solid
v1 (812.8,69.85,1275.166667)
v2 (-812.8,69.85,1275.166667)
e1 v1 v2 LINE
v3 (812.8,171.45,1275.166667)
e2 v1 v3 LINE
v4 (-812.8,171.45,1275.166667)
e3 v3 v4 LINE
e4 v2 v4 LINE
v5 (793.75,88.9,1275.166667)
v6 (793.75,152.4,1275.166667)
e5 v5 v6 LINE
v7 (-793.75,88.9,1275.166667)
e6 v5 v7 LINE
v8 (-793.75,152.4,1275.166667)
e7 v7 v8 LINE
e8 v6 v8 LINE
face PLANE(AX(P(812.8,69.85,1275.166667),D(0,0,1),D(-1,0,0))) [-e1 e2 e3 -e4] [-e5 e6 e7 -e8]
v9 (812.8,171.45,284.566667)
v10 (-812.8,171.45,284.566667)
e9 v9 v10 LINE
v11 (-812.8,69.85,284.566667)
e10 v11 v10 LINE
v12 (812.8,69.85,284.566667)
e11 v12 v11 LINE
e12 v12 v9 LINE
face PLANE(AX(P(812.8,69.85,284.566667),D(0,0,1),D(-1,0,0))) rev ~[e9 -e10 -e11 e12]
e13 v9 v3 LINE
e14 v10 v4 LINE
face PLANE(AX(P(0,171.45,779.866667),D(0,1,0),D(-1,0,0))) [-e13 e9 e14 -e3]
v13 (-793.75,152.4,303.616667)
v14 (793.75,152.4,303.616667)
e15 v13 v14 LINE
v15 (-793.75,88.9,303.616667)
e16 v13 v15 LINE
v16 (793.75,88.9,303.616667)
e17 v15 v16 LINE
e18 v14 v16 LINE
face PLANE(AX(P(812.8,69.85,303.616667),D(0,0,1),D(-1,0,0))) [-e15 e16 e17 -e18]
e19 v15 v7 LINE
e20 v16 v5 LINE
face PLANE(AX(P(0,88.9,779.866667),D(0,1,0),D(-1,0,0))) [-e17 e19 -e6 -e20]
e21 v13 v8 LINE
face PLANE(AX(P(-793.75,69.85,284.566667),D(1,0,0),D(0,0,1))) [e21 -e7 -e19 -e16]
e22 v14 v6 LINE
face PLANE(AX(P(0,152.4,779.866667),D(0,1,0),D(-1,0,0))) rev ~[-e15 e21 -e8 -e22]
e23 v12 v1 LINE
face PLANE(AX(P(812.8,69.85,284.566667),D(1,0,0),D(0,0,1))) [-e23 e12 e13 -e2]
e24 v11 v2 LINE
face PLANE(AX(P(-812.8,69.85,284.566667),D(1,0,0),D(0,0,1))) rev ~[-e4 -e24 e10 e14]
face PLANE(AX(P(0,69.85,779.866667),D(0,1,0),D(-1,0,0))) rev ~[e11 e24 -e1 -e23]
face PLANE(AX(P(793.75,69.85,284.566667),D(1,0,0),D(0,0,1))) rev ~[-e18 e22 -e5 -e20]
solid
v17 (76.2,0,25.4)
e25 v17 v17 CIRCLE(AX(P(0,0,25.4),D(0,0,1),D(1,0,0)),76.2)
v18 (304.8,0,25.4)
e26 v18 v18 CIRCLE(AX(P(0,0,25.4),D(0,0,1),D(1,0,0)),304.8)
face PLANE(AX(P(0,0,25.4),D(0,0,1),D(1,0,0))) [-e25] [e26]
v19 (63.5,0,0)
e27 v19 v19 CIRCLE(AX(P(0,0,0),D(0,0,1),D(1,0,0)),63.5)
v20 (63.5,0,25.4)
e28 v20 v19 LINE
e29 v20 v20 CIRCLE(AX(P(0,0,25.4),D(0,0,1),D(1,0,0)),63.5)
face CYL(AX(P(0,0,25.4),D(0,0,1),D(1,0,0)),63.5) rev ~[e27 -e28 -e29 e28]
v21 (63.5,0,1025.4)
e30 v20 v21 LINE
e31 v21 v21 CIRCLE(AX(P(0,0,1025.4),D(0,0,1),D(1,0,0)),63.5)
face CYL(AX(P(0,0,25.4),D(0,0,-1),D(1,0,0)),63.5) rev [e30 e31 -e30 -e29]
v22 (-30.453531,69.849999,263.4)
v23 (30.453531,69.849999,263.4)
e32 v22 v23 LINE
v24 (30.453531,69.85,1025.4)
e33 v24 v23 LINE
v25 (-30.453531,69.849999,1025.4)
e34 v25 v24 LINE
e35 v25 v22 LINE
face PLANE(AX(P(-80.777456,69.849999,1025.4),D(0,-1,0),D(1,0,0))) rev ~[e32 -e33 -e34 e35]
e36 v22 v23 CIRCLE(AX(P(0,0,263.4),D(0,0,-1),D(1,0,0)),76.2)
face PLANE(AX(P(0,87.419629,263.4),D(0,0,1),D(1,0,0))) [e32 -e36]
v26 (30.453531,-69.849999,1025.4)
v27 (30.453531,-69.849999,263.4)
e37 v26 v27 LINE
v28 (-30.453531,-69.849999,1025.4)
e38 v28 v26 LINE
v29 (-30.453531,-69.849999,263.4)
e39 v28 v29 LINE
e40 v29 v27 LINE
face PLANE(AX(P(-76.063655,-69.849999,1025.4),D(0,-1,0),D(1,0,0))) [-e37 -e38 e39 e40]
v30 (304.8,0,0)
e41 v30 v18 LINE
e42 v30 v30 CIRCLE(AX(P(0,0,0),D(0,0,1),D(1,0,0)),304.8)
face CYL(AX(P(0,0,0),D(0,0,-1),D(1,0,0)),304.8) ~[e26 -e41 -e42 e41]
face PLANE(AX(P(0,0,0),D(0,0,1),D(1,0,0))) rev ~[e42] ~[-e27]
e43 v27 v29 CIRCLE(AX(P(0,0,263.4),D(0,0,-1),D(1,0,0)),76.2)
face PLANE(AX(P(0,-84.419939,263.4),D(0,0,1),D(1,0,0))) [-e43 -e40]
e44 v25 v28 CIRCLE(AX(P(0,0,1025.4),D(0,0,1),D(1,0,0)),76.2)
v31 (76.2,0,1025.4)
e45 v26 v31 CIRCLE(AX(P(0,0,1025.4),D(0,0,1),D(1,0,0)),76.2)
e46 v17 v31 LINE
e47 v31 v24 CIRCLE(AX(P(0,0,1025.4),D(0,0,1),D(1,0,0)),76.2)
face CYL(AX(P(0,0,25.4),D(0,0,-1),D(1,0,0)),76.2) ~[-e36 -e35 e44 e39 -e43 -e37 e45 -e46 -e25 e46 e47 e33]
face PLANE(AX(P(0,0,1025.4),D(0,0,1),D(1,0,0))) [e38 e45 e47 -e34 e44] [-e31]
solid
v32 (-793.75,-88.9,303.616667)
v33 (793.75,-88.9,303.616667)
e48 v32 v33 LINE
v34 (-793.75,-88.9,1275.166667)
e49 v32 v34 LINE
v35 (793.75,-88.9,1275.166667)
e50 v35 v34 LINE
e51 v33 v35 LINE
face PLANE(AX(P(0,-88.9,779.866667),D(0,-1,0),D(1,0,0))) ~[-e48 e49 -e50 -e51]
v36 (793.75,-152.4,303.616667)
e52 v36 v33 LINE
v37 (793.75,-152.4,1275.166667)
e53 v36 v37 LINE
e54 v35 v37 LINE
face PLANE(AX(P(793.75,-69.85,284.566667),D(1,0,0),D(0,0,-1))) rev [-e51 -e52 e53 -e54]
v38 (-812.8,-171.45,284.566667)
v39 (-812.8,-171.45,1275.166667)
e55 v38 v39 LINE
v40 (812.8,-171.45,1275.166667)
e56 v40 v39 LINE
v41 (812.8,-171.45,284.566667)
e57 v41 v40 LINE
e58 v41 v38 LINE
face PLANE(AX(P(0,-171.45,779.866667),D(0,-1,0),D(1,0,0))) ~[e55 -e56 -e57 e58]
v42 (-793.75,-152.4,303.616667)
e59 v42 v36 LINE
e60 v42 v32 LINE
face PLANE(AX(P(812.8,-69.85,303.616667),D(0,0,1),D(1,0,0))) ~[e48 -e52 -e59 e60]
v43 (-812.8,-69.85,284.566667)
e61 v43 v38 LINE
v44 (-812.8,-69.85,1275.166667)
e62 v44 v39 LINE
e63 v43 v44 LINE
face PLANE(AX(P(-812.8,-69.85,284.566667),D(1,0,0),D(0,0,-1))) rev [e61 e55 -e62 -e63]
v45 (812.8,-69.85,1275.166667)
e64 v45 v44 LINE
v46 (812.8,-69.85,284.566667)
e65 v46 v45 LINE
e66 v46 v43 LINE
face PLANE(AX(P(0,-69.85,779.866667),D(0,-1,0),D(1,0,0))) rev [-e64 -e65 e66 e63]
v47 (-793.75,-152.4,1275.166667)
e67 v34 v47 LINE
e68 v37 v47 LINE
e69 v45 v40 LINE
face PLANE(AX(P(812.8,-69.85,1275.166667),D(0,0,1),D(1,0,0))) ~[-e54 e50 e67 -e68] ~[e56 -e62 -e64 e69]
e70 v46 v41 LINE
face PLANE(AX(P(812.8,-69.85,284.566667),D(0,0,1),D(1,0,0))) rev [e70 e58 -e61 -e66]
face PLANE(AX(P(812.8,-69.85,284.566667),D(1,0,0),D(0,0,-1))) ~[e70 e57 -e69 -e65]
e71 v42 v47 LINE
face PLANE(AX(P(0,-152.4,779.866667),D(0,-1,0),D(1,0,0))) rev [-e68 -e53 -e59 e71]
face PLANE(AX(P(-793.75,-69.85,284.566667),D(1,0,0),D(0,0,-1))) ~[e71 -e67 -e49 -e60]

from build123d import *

# Parameters (mm, degrees)
F0_R      = 304.8
F1_DEPTH  = 25.4
F2_R      = 76.2
F2_R_2    = 63.5
F3_DEPTH  = 1000
F3_FACE_R = 63.5
F4_DEPTH  = 25.4
F5_W      = 152.12731
F5_H      = 29.139879
F5_W_2    = 161.554912
F5_H_2    = 35.139259
F6_DEPTH  = 762
F7_W      = 1625.6
F7_H      = 990.6
F8_DEPTH  = 101.6
F9_T      = -19.05


with BuildPart() as f1:
    # F0 (on Top) → F1 (new body)
    with BuildSketch(Plane.XY):
        Circle(F0_R)
    extrude(amount=F1_DEPTH)

    # F2 (on face) → F3 (join)
    with BuildSketch(Plane.XY.offset(25.4)):
        Circle(F2_R)
        Circle(F2_R_2, mode=Mode.SUBTRACT)
    extrude(amount=F3_DEPTH)

    # F3_face (on face) → F4 (cut)
    with BuildSketch(Plane.XY.offset(25.4)):
        Circle(F3_FACE_R)
    extrude(amount=-F4_DEPTH, mode=Mode.SUBTRACT)

    # F5 (on face) → F6 (cut)
    with BuildSketch(Plane.XY.offset(1025.4)):
        with Locations((0, -84.419939)):
            Rectangle(F5_W, F5_H)
        with Locations((0, 87.419629)):
            Rectangle(F5_W_2, F5_H_2)
    extrude(amount=-F6_DEPTH, mode=Mode.SUBTRACT)


with BuildPart() as f8:
    # F7 (on face) → F8 (new body)
    with BuildSketch(Plane(origin=(0, 69.85, 0), x_dir=(-1, 0, 0), z_dir=(0, 1, 0))):
        with Locations((0, 779.866667)):
            Rectangle(F7_W, F7_H)
    extrude(amount=F8_DEPTH)

    # F9
    f9_openings = [f8.faces().sort_by_distance(p)[0] for p in [
        (0, 120.65, 1275.166667),
    ]]
    offset(amount=F9_T, openings=f9_openings)


with BuildPart() as f10_1:
    # F10: instance of F8
    add(f8.part.mirror(Plane.XZ))


solid = Compound([f1.part, f8.part, f10_1.part])
